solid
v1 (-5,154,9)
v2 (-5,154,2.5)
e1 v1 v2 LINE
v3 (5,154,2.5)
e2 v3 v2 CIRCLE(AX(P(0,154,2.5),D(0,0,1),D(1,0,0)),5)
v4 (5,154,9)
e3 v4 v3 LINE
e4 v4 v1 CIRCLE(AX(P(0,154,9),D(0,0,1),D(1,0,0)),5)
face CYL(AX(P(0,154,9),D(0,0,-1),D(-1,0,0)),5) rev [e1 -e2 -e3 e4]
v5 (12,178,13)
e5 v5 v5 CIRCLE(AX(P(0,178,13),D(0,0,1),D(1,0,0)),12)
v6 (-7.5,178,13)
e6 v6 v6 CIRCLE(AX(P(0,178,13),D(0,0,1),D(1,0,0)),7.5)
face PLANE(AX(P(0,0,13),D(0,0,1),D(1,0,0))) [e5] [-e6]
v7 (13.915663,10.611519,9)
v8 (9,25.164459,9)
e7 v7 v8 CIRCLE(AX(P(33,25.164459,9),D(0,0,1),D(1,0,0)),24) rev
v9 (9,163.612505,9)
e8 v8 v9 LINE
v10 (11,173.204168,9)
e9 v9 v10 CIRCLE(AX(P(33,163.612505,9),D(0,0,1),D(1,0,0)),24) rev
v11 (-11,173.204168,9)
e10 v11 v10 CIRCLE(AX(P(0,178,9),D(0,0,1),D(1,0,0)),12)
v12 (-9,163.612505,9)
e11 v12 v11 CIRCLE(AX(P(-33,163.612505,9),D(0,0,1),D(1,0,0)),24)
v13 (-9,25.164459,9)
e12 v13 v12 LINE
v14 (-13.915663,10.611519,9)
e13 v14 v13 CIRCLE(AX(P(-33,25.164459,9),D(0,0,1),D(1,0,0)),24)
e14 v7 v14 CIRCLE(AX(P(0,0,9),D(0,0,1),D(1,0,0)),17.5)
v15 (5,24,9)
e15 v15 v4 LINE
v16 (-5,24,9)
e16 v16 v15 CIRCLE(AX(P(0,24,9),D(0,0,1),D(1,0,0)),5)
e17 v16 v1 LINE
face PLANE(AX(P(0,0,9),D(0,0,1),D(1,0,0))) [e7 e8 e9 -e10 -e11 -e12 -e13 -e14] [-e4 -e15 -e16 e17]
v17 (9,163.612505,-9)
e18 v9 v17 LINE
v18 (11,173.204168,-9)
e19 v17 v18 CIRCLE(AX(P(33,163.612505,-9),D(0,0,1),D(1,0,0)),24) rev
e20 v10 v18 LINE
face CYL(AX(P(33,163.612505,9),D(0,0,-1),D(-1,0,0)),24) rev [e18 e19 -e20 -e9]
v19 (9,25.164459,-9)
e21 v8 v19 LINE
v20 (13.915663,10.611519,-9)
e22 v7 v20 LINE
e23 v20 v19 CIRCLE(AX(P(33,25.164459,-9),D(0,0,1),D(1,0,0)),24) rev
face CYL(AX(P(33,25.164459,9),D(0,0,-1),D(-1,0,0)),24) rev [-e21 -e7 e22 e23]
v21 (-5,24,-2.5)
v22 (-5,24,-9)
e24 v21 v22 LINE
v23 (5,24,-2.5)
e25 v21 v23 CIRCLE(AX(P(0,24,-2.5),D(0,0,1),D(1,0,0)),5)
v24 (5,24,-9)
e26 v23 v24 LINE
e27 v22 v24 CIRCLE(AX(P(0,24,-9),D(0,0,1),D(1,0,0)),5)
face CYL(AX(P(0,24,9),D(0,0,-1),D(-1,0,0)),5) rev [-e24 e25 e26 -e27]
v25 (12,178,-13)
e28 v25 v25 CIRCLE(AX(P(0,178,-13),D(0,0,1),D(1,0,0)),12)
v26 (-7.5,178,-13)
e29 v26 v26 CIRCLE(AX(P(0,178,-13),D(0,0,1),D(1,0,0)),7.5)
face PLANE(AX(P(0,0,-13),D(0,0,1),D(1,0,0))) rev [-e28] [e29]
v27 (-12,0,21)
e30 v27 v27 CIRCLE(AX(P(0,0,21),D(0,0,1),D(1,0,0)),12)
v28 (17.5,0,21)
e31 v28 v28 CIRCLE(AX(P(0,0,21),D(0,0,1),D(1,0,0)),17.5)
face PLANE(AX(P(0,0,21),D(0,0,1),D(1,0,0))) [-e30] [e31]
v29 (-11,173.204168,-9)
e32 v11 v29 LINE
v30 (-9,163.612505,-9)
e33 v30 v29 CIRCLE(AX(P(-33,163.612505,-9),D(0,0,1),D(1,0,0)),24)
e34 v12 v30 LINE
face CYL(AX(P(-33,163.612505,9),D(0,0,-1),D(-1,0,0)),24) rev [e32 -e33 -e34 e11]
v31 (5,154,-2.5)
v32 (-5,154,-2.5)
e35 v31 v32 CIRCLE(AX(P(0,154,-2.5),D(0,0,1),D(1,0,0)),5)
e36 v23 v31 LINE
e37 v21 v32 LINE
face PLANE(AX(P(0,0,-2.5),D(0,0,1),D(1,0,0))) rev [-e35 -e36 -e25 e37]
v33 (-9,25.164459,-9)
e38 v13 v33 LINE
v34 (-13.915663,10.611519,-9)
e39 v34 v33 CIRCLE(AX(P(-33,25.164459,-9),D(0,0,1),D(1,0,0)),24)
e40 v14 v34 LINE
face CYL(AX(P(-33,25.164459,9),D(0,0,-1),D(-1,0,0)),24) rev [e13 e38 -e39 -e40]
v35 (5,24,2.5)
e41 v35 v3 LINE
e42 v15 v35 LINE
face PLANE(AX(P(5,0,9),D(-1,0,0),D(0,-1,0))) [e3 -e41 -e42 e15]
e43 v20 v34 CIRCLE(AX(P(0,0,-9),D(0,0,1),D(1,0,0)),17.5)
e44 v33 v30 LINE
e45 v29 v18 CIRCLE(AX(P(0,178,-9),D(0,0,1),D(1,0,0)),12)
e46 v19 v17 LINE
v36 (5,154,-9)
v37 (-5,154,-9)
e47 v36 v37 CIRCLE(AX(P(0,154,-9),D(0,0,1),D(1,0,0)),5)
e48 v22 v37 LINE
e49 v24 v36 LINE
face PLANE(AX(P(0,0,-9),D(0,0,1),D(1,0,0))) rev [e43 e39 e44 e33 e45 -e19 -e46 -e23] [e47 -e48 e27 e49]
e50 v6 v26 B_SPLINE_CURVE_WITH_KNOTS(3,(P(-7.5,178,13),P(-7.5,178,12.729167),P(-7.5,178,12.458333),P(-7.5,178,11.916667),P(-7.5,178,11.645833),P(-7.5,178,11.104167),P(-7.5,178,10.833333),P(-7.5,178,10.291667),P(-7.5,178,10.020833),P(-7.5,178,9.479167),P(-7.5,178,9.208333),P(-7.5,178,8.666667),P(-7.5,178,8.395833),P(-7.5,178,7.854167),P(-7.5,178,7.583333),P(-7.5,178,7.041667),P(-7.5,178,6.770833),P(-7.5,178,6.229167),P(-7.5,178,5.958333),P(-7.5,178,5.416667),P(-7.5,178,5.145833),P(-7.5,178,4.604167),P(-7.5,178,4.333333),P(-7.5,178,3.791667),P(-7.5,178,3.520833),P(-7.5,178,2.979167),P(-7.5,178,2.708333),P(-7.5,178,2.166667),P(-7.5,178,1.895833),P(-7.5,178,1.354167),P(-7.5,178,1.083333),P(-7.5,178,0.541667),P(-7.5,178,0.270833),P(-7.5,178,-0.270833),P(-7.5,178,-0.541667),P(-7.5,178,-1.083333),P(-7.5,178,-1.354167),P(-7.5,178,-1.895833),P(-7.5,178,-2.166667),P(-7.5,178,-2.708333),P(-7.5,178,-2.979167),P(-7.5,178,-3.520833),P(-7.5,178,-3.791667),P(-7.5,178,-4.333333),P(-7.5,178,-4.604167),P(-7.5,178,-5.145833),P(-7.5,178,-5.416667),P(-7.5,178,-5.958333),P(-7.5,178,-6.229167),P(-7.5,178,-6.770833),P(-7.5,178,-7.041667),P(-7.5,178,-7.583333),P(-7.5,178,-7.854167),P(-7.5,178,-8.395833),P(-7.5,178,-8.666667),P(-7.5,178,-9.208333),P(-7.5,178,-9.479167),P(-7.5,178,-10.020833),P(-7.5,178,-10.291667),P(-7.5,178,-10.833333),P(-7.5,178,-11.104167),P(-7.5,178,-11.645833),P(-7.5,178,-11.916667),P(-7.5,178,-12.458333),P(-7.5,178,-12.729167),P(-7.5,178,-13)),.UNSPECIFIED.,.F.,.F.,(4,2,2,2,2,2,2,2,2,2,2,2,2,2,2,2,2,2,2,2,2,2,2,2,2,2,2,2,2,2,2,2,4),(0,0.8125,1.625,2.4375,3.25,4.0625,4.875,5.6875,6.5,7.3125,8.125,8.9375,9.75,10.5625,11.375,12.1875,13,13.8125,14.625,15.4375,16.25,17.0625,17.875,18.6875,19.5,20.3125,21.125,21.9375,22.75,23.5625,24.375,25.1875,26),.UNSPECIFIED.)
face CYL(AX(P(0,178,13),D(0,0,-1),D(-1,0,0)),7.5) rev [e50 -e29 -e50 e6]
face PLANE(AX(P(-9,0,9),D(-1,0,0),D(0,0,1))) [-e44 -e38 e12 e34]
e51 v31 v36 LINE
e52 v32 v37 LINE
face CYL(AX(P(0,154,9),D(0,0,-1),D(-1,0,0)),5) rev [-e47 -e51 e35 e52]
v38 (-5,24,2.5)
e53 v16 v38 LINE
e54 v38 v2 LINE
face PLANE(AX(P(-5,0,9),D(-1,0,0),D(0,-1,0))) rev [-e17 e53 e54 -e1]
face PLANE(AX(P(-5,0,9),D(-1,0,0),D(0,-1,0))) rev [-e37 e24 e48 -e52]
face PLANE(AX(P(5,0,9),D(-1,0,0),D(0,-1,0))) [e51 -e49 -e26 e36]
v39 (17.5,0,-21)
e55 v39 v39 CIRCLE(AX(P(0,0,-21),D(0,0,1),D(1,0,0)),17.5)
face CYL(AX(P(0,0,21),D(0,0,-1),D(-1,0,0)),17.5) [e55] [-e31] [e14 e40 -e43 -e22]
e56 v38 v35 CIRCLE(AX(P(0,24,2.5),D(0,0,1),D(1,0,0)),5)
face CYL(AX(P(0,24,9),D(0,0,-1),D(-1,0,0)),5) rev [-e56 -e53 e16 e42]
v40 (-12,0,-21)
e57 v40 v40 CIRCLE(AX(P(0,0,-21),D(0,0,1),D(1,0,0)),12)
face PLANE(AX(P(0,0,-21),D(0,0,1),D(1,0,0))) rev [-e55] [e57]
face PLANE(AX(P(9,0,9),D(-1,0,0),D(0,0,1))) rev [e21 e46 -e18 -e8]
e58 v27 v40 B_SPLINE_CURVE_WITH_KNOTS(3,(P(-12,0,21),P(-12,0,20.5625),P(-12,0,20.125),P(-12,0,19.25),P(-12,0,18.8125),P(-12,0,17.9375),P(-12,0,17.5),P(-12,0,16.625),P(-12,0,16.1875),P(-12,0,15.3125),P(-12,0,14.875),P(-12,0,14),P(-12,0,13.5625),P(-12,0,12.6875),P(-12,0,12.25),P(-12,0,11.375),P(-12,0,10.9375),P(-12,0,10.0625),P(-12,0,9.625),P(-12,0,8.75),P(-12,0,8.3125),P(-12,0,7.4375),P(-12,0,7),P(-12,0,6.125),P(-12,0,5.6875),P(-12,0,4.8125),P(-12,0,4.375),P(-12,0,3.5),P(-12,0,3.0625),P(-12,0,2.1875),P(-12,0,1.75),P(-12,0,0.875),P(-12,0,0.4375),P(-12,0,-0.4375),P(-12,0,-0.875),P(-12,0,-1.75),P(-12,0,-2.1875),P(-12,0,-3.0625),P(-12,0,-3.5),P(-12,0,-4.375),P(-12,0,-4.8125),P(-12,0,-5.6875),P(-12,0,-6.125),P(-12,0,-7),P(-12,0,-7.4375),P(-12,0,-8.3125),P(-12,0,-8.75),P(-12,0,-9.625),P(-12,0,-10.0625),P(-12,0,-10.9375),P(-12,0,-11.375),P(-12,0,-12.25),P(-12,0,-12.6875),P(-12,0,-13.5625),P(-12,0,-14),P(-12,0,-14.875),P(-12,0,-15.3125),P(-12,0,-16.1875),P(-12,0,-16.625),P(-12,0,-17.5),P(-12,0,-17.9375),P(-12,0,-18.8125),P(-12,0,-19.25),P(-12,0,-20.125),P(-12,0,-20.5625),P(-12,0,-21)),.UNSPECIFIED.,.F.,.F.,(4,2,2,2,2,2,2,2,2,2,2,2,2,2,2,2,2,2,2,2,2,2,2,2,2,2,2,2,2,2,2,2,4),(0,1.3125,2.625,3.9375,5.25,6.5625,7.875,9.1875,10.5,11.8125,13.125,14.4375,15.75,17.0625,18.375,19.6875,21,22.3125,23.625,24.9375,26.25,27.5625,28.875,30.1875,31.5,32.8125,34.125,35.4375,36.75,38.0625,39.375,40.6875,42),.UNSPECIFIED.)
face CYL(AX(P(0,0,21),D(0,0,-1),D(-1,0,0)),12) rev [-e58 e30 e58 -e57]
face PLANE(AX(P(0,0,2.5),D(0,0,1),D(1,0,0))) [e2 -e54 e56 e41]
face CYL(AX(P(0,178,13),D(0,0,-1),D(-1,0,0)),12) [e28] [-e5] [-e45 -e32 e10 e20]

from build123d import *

# Parameters (mm, degrees)
SKETCH1_R           = 12
BOSS_EXTRUDE1_DEPTH = 21
SKETCH1_3_R         = 7.5
BOSS_EXTRUDE2_DEPTH = 13
BOSS_EXTRUDE3_DEPTH = 9
BOSS_EXTRUDE4_DEPTH = 2.5


with BuildPart() as part:
    # Sketch1 → Boss-Extrude1 (new, symmetric)
    with BuildSketch(Plane(origin=(0, 0, 0), x_dir=(0, 1, 0), z_dir=(0, 0, 1))):
        with BuildLine():
            ThreePointArc((17.5, 0), (15.683615343, 7.76364668), (10.611518883, 13.915662651))
            ThreePointArc((10.611518883, 13.915662651), (-17.5, 0), (10.611518883, -13.915662651))
            ThreePointArc((10.611518883, -13.915662651), (15.683615343, -7.76364668), (17.5, 0))
        make_face()
        Circle(SKETCH1_R, mode=Mode.SUBTRACT)
    extrude(amount=BOSS_EXTRUDE1_DEPTH, both=True)



with BuildPart() as body_2:
    # Sketch1<3> → Boss-Extrude2 (new, symmetric)
    with BuildSketch(Plane(origin=(0, 0, 0), x_dir=(0, 1, 0), z_dir=(0, 0, 1))):
        with BuildLine():
            ThreePointArc((190, 0), (184.574573055, 10.03867467), (173.204168477, 11))
            ThreePointArc((173.204168477, 11), (166, 0), (173.204168477, -11))
            ThreePointArc((173.204168477, -11), (184.574573055, -10.03867467), (190, 0))
        make_face()
        with Locations((178, 0)):
            Circle(SKETCH1_3_R, mode=Mode.SUBTRACT)
    extrude(amount=BOSS_EXTRUDE2_DEPTH, both=True)


with BuildPart() as part_1:
    add(part.part)

    add(body_2.part)  # Boss-Extrude3 merges body 2
    # Sketch1<4> → Boss-Extrude3 (add, symmetric)
    with BuildSketch(Plane(origin=(0, 0, 0), x_dir=(0, 1, 0), z_dir=(0, 0, 1))):
        with BuildLine():
            Line((163.61250543, 9), (25.164459064, 9))
            ThreePointArc((25.164459064, 9), (17.484097627, 10.26210106), (10.611518883, 13.915662651))
            ThreePointArc((10.611518883, 13.915662651), (15.683615343, 7.76364668), (17.5, 0))
            ThreePointArc((17.5, 0), (15.683615343, -7.76364668), (10.611518883, -13.915662651))
            ThreePointArc((10.611518883, -13.915662651), (17.484097627, -10.26210106), (25.164459064, -9))
            Line((25.164459064, -9), (163.61250543, -9))
            ThreePointArc((163.61250543, -9), (168.511484916, -9.505319751), (173.204168477, -11))
            ThreePointArc((173.204168477, -11), (166, 0), (173.204168477, 11))
            ThreePointArc((173.204168477, 11), (168.511484916, 9.505319751), (163.61250543, 9))
        make_face()
        with BuildLine():
            ThreePointArc((24, -5), (19, 0), (24, 5))
            Line((24, 5), (154, 5))
            ThreePointArc((154, 5), (159, 0), (154, -5))
            Line((154, -5), (24, -5))
        make_face(mode=Mode.SUBTRACT)
    extrude(amount=BOSS_EXTRUDE3_DEPTH, both=True)

    # Sketch1<5> → Boss-Extrude4 (add, symmetric)
    with BuildSketch(Plane(origin=(0, 0, 0), x_dir=(0, 1, 0), z_dir=(0, 0, 1))):
        with BuildLine():
            Line((154, 5), (24, 5))
            ThreePointArc((24, 5), (19, 0), (24, -5))
            Line((24, -5), (154, -5))
            ThreePointArc((154, -5), (159, 0), (154, 5))
        make_face()
    extrude(amount=BOSS_EXTRUDE4_DEPTH, both=True)


solid = part_1.part
